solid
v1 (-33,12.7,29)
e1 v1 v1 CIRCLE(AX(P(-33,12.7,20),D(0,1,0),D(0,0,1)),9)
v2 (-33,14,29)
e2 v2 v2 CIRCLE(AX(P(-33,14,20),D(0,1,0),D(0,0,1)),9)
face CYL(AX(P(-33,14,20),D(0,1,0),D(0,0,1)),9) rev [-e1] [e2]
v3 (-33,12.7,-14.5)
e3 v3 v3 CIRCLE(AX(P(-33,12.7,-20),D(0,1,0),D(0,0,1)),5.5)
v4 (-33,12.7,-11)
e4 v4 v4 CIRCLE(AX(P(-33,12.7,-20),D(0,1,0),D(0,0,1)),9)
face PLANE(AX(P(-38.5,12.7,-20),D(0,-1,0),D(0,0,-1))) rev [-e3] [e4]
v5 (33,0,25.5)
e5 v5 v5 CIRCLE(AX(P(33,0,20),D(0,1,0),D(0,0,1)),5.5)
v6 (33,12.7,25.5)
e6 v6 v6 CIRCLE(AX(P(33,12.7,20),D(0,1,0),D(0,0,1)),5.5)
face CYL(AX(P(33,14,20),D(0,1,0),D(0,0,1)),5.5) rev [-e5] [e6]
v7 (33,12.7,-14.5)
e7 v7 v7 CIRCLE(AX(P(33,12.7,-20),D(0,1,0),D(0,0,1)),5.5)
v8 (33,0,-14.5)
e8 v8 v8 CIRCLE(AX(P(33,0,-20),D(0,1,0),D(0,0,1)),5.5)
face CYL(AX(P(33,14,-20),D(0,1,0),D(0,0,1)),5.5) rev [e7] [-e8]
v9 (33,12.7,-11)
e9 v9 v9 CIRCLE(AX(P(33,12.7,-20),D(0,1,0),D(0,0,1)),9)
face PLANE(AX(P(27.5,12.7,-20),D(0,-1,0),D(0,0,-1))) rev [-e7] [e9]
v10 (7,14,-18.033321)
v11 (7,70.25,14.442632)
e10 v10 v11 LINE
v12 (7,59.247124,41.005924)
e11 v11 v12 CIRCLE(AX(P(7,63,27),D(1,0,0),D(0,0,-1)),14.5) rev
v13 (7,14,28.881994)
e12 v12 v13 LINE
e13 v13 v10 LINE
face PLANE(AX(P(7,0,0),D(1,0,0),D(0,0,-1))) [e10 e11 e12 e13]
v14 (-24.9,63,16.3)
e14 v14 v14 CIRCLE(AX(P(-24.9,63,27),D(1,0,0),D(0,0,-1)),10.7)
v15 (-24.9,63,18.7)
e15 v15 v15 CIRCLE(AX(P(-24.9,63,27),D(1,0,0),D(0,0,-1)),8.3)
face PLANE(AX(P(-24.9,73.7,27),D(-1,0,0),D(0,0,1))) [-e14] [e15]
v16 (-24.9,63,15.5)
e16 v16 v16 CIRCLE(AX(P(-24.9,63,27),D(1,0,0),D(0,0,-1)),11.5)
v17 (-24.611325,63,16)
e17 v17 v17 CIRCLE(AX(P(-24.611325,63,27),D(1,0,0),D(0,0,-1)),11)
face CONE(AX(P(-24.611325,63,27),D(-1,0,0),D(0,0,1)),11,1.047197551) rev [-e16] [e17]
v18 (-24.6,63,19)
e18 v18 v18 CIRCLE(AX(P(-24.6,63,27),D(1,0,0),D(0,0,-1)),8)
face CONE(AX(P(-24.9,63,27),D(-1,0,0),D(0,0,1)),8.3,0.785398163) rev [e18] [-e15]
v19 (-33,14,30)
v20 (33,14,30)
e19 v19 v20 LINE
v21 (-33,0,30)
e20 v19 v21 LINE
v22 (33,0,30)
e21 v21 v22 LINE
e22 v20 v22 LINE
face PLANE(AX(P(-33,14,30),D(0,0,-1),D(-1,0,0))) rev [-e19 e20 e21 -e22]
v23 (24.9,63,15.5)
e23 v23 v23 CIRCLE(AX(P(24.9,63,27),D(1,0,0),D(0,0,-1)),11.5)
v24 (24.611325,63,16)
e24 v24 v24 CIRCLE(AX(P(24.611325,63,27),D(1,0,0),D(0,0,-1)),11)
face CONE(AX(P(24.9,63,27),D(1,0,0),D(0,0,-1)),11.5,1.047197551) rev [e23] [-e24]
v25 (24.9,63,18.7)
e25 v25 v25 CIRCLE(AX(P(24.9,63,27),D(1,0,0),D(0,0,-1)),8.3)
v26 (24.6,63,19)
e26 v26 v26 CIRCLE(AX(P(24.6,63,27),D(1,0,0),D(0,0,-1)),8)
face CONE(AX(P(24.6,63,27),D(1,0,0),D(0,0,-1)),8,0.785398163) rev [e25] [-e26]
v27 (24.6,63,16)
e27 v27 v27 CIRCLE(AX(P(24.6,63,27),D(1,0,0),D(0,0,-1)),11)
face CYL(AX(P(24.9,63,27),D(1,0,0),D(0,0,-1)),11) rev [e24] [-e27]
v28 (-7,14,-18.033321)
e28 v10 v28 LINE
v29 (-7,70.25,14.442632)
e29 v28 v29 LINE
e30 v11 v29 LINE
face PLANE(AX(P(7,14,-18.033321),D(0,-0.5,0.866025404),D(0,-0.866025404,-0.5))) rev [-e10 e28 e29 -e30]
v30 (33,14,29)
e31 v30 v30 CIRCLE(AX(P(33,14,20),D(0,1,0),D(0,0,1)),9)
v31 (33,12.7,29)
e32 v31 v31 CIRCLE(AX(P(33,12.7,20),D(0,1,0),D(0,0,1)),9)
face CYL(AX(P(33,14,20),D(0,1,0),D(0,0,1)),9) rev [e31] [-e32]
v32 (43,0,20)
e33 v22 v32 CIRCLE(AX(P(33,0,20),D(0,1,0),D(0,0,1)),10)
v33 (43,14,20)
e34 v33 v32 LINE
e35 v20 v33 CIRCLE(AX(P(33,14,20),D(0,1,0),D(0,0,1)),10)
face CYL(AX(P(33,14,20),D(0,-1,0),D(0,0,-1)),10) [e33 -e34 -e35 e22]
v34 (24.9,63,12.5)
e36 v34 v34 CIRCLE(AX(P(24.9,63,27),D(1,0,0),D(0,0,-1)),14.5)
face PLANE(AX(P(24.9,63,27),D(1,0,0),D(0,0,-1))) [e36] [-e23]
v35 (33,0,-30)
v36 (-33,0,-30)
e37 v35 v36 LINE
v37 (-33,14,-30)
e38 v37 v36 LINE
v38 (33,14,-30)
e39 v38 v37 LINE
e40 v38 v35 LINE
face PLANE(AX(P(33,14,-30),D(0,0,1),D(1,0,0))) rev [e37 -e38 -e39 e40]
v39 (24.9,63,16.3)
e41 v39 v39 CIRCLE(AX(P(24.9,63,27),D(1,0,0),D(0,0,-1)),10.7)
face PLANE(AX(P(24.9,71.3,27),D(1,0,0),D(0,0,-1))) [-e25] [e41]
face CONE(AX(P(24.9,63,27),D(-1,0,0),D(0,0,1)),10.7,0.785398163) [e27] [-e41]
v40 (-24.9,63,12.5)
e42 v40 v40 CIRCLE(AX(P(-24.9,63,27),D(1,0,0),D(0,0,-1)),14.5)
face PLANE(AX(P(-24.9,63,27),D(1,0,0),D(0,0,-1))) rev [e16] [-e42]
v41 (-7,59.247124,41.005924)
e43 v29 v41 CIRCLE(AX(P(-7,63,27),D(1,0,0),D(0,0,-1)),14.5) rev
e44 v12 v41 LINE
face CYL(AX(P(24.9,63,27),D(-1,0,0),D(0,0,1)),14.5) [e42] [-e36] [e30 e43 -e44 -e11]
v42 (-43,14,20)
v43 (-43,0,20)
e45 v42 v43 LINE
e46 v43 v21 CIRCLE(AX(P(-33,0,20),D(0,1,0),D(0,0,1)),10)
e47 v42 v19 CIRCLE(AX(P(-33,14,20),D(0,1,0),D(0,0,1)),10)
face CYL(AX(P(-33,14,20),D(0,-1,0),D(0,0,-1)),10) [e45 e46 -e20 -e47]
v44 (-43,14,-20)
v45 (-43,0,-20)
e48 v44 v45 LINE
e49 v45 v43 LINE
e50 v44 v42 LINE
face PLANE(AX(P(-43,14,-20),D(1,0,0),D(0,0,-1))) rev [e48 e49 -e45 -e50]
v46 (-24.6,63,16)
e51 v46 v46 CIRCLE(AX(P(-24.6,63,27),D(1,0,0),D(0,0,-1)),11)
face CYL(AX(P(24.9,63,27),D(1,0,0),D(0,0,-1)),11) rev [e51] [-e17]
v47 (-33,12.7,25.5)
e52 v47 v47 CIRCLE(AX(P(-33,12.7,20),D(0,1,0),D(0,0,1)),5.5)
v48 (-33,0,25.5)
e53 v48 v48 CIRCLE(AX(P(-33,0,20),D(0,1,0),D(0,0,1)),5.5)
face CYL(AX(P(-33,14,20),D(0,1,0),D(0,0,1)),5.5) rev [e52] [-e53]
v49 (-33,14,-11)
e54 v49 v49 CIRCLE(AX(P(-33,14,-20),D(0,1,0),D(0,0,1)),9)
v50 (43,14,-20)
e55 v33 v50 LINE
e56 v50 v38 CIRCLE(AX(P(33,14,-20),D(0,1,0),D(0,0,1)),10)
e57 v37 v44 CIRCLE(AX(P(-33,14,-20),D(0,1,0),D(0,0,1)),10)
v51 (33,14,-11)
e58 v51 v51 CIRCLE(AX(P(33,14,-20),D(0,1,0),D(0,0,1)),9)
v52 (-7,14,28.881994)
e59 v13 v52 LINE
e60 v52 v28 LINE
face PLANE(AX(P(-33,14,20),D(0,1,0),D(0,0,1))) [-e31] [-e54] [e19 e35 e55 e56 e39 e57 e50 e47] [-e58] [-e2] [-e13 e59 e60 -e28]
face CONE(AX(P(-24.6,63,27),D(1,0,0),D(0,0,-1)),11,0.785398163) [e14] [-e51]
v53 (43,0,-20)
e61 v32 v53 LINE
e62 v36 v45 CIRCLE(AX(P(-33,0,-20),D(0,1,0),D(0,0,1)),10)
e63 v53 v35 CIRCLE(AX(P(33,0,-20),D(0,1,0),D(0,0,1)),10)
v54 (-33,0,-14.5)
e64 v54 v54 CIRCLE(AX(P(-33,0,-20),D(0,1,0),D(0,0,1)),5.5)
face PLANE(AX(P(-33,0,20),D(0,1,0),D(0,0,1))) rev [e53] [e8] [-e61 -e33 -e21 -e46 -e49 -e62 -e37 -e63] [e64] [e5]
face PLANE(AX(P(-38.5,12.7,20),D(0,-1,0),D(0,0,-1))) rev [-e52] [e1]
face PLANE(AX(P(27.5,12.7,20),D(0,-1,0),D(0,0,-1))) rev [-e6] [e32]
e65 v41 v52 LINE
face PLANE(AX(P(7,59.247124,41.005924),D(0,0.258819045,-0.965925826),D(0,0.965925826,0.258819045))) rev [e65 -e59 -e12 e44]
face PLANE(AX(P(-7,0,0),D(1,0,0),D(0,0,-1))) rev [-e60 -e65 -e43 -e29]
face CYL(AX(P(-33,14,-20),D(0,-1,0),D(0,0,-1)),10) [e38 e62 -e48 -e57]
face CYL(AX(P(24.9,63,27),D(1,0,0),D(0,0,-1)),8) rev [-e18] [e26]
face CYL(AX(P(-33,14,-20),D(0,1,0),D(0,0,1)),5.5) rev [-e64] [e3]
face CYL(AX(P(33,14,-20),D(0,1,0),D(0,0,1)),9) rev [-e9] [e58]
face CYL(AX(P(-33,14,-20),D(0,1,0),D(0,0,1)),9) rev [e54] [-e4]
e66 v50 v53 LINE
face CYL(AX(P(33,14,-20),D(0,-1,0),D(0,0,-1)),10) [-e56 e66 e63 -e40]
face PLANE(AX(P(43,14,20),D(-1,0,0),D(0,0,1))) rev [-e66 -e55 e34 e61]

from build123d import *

# Parameters (mm, degrees)
BOSS_EXTRUDE1_DEPTH      = 14
BOSS_EXTRUDE2_DEPTH      = 7
BOSS_EXTRUDE2_DEPTH_BACK = 7
SKETCH3_R                = 14.5
BOSS_EXTRUDE3_DEPTH      = 24.9
BOSS_EXTRUDE3_DEPTH_BACK = 24.9


with BuildPart() as part:
    # Sketch1 → Boss-Extrude1 (new body)
    with BuildSketch(Plane(origin=(0, 0, 0), x_dir=(1, 0, 0), z_dir=(0, 1, 0))):
        with BuildLine():
            Line((-33, -30), (33, -30))
            ThreePointArc((33, -30), (40.071067812, -27.071067812), (43, -20))
            Line((43, -20), (43, 20))
            ThreePointArc((43, 20), (40.071067812, 27.071067812), (33, 30))
            Line((33, 30), (-33, 30))
            ThreePointArc((-33, 30), (-40.071067812, 27.071067812), (-43, 20))
            Line((-43, 20), (-43, -20))
            ThreePointArc((-43, -20), (-40.071067812, -27.071067812), (-33, -30))
        make_face()
    extrude(amount=BOSS_EXTRUDE1_DEPTH)

    # Sketch2 → Boss-Extrude2 (add, two sides)
    with BuildSketch(Plane(origin=(0, 0, 0), x_dir=(0, 0, -1), z_dir=(1, 0, 0))) as boss_extrude2_sk:
        Polygon((-41.005924481, 59.247123846), (-28.881994187, 14), (18.033320997, 14), (-14.442631645, 70.25), align=None)
    extrude(amount=BOSS_EXTRUDE2_DEPTH)
    extrude(boss_extrude2_sk.sketch, amount=-BOSS_EXTRUDE2_DEPTH_BACK)

    # Sketch3 → Boss-Extrude3 (add, two sides)
    with BuildSketch(Plane(origin=(0, 0, 0), x_dir=(0, 0, -1), z_dir=(1, 0, 0))) as boss_extrude3_sk:
        with Locations((-27, 63)):
            Circle(SKETCH3_R)
    extrude(amount=BOSS_EXTRUDE3_DEPTH)
    extrude(boss_extrude3_sk.sketch, amount=-BOSS_EXTRUDE3_DEPTH_BACK)

    # Sketch4 → Cut-Revolve1 (revolve, cut)
    with BuildSketch(Plane.XY.offset(20)):
        Polygon((-33, 0), (-38.5, 0), (-38.5, 12.7), (-42, 12.7), (-42, 14), (-33, 14), align=None)
    revolve(axis=Axis((-33, 14, 20), (0, -1, 0)), mode=Mode.SUBTRACT)

    # Sketch5 → Cut-Revolve2 (revolve, cut)
    with BuildSketch(Plane.XY.offset(-20)):
        Polygon((-33, 0), (-38.5, 0), (-38.5, 12.7), (-42, 12.7), (-42, 14), (-33, 14), align=None)
    revolve(axis=Axis((-33, 14, -20), (0, -1, 0)), mode=Mode.SUBTRACT)

    # Sketch6 → Cut-Revolve3 (revolve, cut)
    with BuildSketch(Plane.XY.offset(20)):
        Polygon((33, 0), (27.5, 0), (27.5, 12.7), (24, 12.7), (24, 14), (33, 14), align=None)
    revolve(axis=Axis((33, 14, 20), (0, -1, 0)), mode=Mode.SUBTRACT)

    # Sketch7 → Cut-Revolve4 (revolve, cut)
    with BuildSketch(Plane.XY.offset(-20)):
        Polygon((33, 0), (27.5, 0), (27.5, 12.7), (24, 12.7), (24, 14), (33, 14), align=None)
    revolve(axis=Axis((33, 14, -20), (0, -1, 0)), mode=Mode.SUBTRACT)

    # Sketch8 → Cut-Revolve5 (revolve, cut)
    with BuildSketch(Plane.XY.offset(27)):
        Polygon((-24.9, 63), (-24.9, 74.5), (-24.611324865, 74), (24.611324865, 74), (24.9, 74.5), (24.9, 63), align=None)
    revolve(axis=Axis((24.9, 63, 27), (-1, 0, 0)), mode=Mode.SUBTRACT)

    # Sketch9 → Revolve1 (revolve)
    with BuildSketch(Plane.XY.offset(27)):
        Polygon((-24.9, 71.3), (-24.6, 71), (24.6, 71), (24.9, 71.3), (24.9, 73.7), (24.6, 74), (-24.6, 74), (-24.9, 73.7), align=None)
    revolve(axis=Axis((24.9, 63, 27), (-1, 0, 0)))


solid = part.part
